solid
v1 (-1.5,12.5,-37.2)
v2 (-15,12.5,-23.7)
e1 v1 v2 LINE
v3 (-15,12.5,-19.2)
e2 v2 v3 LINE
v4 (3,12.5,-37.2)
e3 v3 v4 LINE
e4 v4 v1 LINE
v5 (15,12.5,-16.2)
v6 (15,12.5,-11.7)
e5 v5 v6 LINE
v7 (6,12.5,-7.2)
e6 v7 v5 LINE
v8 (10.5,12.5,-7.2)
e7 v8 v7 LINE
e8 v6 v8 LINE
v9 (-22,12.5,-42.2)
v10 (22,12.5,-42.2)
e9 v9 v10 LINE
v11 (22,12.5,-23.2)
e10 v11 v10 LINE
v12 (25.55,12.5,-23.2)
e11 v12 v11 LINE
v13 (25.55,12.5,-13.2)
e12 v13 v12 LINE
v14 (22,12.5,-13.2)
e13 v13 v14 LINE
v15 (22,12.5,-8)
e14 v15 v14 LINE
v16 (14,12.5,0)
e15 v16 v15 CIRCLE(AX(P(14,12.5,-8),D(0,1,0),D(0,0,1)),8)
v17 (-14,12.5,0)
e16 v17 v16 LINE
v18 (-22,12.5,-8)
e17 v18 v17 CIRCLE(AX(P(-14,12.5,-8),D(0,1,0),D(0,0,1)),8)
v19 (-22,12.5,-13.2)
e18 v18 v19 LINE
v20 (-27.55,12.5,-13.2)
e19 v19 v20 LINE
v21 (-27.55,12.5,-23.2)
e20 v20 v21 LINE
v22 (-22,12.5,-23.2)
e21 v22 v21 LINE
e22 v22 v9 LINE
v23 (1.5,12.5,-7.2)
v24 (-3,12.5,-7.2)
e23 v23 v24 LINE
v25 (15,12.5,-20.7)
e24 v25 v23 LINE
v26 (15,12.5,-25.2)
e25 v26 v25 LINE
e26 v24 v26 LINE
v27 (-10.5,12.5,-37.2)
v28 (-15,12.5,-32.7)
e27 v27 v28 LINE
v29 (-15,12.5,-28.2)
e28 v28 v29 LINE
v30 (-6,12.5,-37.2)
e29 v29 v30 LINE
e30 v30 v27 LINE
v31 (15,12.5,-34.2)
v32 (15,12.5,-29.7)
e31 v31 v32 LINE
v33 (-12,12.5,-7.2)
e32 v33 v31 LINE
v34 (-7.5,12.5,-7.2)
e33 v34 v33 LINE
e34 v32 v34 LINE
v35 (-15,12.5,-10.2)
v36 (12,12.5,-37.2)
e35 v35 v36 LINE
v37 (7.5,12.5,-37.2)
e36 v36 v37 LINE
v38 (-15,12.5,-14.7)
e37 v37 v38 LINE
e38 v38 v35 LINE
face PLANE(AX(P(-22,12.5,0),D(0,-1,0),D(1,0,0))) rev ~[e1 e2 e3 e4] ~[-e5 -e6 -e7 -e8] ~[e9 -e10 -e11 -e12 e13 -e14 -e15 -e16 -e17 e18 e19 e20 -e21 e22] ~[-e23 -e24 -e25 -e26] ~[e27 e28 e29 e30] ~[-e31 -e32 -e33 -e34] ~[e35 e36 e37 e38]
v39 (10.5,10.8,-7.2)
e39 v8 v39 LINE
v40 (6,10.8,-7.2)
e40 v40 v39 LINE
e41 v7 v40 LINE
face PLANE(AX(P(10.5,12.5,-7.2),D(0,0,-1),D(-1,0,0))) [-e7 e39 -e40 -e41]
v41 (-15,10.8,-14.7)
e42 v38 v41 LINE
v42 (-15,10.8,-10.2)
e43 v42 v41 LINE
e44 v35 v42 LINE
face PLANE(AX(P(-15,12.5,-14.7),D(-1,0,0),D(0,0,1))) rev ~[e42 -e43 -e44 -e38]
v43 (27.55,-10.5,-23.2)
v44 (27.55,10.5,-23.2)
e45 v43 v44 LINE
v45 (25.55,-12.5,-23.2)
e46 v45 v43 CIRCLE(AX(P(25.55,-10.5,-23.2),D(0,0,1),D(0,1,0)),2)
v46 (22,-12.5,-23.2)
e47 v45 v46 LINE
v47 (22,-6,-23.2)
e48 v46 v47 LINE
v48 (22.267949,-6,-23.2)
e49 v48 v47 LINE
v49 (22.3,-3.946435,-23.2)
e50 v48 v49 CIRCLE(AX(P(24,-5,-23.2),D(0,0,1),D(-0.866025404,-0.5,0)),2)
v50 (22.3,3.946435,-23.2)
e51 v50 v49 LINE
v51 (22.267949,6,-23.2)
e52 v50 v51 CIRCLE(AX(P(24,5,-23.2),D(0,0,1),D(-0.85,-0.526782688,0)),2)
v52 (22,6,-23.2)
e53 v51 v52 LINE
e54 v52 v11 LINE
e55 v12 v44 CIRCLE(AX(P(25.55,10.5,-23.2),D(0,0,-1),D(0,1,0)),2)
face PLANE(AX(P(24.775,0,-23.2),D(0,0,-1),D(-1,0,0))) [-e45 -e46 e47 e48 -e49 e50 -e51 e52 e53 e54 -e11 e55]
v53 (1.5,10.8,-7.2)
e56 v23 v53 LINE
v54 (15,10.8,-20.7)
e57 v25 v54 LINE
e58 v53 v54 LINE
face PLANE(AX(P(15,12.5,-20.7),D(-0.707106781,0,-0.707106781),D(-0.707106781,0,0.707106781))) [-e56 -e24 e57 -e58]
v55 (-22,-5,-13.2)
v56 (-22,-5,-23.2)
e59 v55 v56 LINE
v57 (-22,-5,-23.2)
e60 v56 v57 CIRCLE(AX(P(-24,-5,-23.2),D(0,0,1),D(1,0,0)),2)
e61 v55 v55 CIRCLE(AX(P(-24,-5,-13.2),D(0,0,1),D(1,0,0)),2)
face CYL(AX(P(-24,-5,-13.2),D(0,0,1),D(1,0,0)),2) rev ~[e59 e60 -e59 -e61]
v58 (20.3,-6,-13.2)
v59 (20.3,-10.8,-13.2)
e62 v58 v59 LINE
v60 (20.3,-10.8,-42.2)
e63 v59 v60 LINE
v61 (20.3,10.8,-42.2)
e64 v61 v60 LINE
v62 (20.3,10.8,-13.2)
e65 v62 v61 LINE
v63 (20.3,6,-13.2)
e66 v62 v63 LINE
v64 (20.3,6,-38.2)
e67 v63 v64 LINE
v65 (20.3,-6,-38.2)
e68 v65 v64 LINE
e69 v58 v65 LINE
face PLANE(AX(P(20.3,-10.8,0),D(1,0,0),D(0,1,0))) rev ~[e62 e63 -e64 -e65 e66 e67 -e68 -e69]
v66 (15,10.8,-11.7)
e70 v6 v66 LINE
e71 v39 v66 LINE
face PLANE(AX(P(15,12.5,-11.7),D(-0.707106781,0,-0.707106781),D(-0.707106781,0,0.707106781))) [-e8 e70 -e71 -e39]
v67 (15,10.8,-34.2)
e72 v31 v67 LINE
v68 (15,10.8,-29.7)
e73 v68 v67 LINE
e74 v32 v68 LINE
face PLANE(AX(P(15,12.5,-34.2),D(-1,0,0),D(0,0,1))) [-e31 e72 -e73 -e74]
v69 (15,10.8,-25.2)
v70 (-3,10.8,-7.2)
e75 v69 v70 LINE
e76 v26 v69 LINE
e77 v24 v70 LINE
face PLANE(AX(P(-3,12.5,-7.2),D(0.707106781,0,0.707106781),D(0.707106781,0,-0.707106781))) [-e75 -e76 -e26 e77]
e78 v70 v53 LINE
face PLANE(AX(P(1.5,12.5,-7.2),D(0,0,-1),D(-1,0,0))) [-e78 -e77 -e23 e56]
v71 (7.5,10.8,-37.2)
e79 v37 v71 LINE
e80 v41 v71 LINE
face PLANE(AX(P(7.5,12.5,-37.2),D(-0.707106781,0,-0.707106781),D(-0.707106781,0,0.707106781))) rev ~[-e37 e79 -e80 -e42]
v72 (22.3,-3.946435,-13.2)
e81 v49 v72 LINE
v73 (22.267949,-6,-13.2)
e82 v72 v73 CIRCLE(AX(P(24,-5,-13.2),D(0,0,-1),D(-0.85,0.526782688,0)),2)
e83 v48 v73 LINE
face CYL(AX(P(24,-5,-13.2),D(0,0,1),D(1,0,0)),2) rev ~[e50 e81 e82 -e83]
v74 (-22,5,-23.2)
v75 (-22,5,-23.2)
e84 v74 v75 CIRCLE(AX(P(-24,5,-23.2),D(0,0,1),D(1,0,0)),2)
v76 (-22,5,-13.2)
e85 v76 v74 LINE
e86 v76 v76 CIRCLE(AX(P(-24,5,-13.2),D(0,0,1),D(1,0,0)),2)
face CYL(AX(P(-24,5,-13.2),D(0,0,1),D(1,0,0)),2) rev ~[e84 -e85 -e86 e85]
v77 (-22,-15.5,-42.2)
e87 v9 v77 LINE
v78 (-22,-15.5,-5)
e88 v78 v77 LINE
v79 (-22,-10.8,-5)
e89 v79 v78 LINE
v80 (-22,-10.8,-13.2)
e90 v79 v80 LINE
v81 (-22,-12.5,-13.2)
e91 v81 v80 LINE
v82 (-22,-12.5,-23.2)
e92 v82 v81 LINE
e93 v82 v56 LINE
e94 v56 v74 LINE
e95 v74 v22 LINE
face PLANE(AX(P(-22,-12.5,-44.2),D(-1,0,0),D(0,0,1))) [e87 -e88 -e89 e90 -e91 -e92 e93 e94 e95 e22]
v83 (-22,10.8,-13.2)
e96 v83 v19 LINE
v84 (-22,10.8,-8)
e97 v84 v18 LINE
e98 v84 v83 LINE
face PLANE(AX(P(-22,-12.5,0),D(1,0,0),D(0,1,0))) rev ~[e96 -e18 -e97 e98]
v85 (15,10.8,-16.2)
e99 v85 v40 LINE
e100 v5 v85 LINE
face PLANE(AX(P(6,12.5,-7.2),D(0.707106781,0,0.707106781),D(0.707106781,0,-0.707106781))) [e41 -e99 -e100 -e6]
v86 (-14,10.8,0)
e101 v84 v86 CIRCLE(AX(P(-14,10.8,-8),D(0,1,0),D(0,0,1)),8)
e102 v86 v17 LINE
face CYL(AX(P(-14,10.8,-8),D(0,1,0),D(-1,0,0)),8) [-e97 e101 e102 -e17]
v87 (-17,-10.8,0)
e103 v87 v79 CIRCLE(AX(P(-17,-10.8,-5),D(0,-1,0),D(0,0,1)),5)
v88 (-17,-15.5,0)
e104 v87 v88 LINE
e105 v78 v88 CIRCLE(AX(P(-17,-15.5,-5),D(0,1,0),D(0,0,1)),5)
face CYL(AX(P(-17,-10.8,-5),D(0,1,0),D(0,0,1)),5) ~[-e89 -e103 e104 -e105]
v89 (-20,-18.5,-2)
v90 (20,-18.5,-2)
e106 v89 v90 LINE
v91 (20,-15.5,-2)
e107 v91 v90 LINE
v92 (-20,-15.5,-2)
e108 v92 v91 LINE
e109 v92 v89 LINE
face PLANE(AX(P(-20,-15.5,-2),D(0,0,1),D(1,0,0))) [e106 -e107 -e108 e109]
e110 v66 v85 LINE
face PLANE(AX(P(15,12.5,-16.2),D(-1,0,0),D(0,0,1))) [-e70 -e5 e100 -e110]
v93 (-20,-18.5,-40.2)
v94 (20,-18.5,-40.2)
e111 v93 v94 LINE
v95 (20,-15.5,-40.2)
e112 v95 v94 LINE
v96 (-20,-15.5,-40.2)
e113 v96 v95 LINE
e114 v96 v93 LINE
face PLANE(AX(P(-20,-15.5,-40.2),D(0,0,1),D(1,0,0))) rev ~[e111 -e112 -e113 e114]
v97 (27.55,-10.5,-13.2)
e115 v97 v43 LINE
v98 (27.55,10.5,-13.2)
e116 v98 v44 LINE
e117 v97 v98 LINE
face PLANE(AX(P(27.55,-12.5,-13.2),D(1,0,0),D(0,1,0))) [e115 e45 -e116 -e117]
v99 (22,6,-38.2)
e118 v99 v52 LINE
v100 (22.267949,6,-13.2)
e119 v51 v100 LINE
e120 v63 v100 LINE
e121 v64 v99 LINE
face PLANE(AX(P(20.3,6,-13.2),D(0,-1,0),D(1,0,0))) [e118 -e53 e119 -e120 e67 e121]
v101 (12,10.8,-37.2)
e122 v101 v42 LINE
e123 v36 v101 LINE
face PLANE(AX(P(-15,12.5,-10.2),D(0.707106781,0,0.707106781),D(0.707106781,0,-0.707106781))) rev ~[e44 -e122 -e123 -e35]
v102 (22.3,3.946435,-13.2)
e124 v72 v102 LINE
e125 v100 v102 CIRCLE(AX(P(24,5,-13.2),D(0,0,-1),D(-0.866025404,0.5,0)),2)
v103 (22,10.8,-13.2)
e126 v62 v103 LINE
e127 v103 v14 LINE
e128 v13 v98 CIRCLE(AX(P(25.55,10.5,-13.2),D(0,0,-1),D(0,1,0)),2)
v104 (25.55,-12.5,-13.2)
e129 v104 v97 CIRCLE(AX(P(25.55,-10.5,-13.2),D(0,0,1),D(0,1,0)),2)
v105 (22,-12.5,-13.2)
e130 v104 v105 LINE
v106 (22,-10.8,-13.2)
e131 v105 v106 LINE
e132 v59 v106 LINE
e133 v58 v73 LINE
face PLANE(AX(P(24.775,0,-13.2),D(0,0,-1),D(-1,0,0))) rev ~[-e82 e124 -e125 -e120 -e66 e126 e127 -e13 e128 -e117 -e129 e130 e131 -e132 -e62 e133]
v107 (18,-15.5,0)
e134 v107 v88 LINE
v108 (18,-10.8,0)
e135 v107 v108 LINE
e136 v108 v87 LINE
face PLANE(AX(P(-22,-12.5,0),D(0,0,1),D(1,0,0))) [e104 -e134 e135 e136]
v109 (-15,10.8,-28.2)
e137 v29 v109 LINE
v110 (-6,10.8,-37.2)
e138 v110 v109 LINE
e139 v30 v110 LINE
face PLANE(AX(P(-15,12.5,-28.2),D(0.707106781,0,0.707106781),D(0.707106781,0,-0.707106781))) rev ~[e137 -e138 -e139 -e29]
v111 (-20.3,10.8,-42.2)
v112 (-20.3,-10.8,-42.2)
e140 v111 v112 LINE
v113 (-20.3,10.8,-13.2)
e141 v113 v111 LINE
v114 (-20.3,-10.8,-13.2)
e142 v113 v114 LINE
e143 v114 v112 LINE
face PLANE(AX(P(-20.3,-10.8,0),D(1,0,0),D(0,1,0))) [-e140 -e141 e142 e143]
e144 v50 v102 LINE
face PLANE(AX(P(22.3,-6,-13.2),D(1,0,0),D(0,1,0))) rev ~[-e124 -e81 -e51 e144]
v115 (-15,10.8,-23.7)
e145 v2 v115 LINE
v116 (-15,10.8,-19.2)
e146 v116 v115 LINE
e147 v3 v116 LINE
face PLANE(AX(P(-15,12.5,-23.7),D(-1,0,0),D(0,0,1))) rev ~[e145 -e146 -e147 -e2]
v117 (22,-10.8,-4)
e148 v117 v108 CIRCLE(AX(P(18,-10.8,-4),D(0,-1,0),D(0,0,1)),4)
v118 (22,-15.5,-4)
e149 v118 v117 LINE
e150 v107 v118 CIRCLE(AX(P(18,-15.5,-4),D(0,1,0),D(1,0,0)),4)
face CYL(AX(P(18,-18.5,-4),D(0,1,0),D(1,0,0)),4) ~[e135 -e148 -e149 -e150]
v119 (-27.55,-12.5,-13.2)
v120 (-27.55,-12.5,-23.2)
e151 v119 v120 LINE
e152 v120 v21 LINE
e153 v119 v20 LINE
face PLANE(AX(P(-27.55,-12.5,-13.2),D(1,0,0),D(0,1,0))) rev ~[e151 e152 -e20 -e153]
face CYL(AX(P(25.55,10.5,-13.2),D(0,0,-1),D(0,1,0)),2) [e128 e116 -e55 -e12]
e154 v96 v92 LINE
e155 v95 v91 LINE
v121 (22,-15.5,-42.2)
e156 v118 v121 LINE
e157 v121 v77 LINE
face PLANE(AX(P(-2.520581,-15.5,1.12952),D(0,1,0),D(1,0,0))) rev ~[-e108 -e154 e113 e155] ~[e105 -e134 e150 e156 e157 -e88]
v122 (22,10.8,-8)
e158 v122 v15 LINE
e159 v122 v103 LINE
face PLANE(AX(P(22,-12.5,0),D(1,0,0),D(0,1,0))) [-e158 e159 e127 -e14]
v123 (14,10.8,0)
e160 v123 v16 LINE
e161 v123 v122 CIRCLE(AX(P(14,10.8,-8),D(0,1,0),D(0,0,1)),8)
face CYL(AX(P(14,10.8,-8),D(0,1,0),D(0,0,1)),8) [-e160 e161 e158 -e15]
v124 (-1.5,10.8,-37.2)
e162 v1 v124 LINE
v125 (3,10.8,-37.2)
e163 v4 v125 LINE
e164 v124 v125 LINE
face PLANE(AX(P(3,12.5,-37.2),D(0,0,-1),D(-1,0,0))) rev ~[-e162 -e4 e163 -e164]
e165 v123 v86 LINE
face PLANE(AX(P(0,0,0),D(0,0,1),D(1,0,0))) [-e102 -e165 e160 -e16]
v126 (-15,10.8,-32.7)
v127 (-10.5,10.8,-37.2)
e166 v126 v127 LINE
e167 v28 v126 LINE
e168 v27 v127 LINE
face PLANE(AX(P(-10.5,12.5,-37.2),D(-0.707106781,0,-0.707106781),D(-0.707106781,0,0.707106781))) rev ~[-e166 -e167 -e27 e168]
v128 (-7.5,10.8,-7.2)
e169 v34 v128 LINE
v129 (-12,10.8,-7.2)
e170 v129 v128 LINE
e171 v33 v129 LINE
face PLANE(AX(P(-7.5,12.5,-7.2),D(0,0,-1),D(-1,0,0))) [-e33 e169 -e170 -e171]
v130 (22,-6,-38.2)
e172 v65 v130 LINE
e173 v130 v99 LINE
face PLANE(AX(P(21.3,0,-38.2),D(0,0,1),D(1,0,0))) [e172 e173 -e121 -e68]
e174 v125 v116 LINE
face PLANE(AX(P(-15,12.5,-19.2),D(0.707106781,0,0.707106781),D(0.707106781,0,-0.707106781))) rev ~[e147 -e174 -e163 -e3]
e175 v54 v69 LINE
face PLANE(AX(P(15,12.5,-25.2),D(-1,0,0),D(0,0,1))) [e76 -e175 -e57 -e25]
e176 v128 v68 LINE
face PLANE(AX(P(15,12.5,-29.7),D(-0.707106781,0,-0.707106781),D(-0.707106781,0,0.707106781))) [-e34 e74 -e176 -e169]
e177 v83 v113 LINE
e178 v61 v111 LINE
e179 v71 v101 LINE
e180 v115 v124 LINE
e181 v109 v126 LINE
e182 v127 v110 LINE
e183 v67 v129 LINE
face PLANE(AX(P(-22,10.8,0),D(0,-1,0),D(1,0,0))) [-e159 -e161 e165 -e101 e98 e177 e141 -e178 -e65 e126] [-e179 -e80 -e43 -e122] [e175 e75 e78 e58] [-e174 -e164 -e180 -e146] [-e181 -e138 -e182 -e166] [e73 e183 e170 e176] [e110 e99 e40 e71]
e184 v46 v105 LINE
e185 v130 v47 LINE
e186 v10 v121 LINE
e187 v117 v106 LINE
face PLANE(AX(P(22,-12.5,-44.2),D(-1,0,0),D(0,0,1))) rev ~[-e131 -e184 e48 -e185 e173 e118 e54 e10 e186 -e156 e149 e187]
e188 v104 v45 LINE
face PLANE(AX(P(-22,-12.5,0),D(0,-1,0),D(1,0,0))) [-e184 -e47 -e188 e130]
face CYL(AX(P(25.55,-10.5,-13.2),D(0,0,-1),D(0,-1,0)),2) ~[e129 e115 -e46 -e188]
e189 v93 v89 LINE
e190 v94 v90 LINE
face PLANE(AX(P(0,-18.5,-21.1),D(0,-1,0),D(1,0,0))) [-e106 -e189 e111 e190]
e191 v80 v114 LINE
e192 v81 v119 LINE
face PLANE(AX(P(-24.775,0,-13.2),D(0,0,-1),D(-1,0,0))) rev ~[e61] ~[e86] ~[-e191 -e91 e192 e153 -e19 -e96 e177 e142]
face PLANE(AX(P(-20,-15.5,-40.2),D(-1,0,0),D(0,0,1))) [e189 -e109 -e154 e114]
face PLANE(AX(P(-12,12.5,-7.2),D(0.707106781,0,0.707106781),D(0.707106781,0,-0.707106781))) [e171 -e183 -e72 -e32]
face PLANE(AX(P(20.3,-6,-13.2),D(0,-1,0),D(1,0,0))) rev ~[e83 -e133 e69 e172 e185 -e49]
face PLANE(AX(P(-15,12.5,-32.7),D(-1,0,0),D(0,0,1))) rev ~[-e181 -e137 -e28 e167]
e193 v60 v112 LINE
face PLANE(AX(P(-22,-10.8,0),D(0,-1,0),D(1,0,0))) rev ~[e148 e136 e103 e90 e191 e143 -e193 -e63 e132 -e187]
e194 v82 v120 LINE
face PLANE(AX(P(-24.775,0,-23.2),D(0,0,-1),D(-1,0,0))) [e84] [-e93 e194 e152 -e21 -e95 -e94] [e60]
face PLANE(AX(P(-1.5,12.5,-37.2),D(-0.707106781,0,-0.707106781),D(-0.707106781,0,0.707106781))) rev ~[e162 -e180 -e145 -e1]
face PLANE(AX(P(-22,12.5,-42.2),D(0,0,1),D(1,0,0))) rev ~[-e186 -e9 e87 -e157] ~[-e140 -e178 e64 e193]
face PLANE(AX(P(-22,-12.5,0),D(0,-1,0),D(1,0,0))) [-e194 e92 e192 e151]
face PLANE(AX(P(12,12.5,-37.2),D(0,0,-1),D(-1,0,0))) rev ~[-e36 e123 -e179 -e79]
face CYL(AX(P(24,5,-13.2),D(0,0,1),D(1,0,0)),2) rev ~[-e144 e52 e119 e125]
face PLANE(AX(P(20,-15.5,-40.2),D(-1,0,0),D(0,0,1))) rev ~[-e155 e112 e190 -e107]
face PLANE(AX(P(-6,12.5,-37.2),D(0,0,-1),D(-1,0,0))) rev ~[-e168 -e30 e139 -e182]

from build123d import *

# Parameters (mm, degrees)
SKETCH_1_W           = 44
SKETCH_1_H           = 25
SKETCH_1_W_2         = 40.6
SKETCH_1_H_2         = 21.6
EXTRUDE_1_DEPTH      = 44.2
SKETCH_2_W           = 5.55
SKETCH_2_H           = 25
EXTRUDE_2_DEPTH      = 10
SKETCH_3_W           = 44
SKETCH_3_H           = 21.6
CUT_EXTRUDE_1_DEPTH  = 13.2
SKETCH_4_R           = 2
CUT_EXTRUDE_2_DEPTH  = 10
FILLET_1_R           = 2
SKETCH_5_W           = 44
SKETCH_5_H           = 44.2
EXTRUDE_3_DEPTH      = 6
SKETCH_9_R           = 1
EXTRUDE_4_DEPTH      = 2
EXTRUDE_5_DEPTH      = 1.5
SKETCH_12_R          = 35.05
SKETCH_12_R_2        = 32.9
CUT_EXTRUDE_6_DEPTH  = 1
SKETCH_13_R          = 1.5
CUT_EXTRUDE_7_DEPTH  = 30
SKETCH_14_W          = 2
SKETCH_14_H          = 12
CUT_EXTRUDE_8_DEPTH  = 25
FILLET_2_R           = 8
SKETCH_16_R          = 7.216878365
CUT_EXTRUDE_10_DEPTH = 10
FILLET_3_R           = 4
CUT_EXTRUDE_11_REACH = 107.631
SKETCH_17_W          = 44
SKETCH_17_H          = 2
SKETCH_21_W          = 227.693891034
SKETCH_21_H          = 191.913422443
CUT_EXTRUDE_15_DEPTH = 16
CUT_EXTRUDE_17_DEPTH = 10
SKETCH_31_W          = 40
SKETCH_31_H          = 38.2
EXTRUDE_10_DEPTH     = 3
CUT_EXTRUDE_18_DEPTH = 2


with BuildPart() as part:
    # 草图1 → 凸台-拉伸1 (new body)
    with BuildSketch(Plane.XY):
        Rectangle(SKETCH_1_W, SKETCH_1_H)
        Rectangle(SKETCH_1_W_2, SKETCH_1_H_2, mode=Mode.SUBTRACT)
    extrude(amount=-EXTRUDE_1_DEPTH)

    # 草图2 → 凸台-拉伸2 (add)
    with BuildSketch(Plane(origin=(0, 0, -13.2), x_dir=(-1, 0, 0), z_dir=(0, 0, -1))):
        with Locations((-24.775, 0)):
            Rectangle(SKETCH_2_W, SKETCH_2_H)
        with Locations((24.775, 0)):
            Rectangle(SKETCH_2_W, SKETCH_2_H)
    extrude(amount=EXTRUDE_2_DEPTH)

    # 草图3 → 切除-拉伸1 (cut)
    with BuildSketch(Plane.XY):
        Rectangle(SKETCH_3_W, SKETCH_3_H)
    extrude(amount=-CUT_EXTRUDE_1_DEPTH, mode=Mode.SUBTRACT)

    # 草图4 → 切除-拉伸2 (cut)
    with BuildSketch(Plane.XY.offset(-13.2)):
        with Locations((24, 5)):
            Circle(SKETCH_4_R)
        with Locations((24, -5)):
            Circle(SKETCH_4_R)
        with Locations((-24, 5)):
            Circle(SKETCH_4_R)
        with Locations((-24, -5)):
            Circle(SKETCH_4_R)
    extrude(amount=-CUT_EXTRUDE_2_DEPTH, mode=Mode.SUBTRACT)

    # 圆角1
    fillet_1_edges = [part.edges().sort_by_distance(p)[0] for p in [
        (27.55, 12.5, -18.2),
        (27.55, -12.5, -18.2),
    ]]
    fillet(fillet_1_edges, radius=FILLET_1_R)

    # 草图5 → 凸台-拉伸3 (add)
    with BuildSketch(Plane.XZ.offset(12.5)):
        with Locations((0, -22.1)):
            Rectangle(SKETCH_5_W, SKETCH_5_H)
    extrude(amount=EXTRUDE_3_DEPTH)

    # 草图9 → 凸台-拉伸4 (add)
    with BuildSketch(Plane.XZ.offset(18.5)):
        Polygon((-46.27864045, -52.2), (33.72135955, -52.2), (58.4427191, 23.884521304), (-6.27864045, 70.907341487), (-71, 23.884521304), align=None)
        with Locations(Location((-6.27864045, 2.855276819, 0), (0, 0, 270))):
            Circle(SKETCH_9_R, mode=Mode.SUBTRACT)
    extrude(amount=EXTRUDE_4_DEPTH)

    # 草图10 → 凸台-拉伸5 (add)
    with BuildSketch(Plane(origin=(0, -18.5, 0), x_dir=(1, 0, 0), z_dir=(0, 1, 0))):
        Polygon((-64.534362225, -21.783708242), (-6.27864045, -64.108967611), (51.977081325, -21.783708242), (29.725375646, 46.7), (-42.282656546, 46.7), align=None)
        Polygon((-62.183221216, -21.019776219), (-6.27864045, -61.636831656), (49.625940316, -21.019776219), (28.27229059, 44.7), (-40.82957149, 44.7), align=None, mode=Mode.SUBTRACT)
    extrude(amount=EXTRUDE_5_DEPTH)

    # 草图12 → 切除-拉伸6 (cut)
    with BuildSketch(Plane.XZ.offset(20.5)):
        with Locations(Location((-6.27864045, 2.855276819, 0), (0, 0, 270))):
            Circle(SKETCH_12_R)
        with Locations(Location((-6.27864045, 2.855276819, 0), (0, 0, 270))):
            Circle(SKETCH_12_R_2, mode=Mode.SUBTRACT)
    extrude(amount=-CUT_EXTRUDE_6_DEPTH, mode=Mode.SUBTRACT)

    # 草图13 → 切除-拉伸7 (cut)
    with BuildSketch(Plane.XZ.offset(20.5)):
        with Locations(Location((-6.27864045, 65.855276819, 0), (0, 0, 270))):
            Circle(SKETCH_13_R)
        with Locations(Location((53.637920077, 22.323347464, 0), (0, 0, 270))):
            Circle(SKETCH_13_R)
        with Locations(Location((30.751830444, -48.112793827, 0), (0, 0, 270))):
            Circle(SKETCH_13_R)
        with Locations(Location((-43.309111344, -48.112793827, 0), (0, 0, 270))):
            Circle(SKETCH_13_R)
        with Locations(Location((-66.195200977, 22.323347464, 0), (0, 0, 270))):
            Circle(SKETCH_13_R)
    extrude(amount=-CUT_EXTRUDE_7_DEPTH, mode=Mode.SUBTRACT)

    # 草图14 → 切除-拉伸8 (cut)
    with BuildSketch(Plane.XY.offset(-13.2)):
        with Locations((21.3, 0)):
            Rectangle(SKETCH_14_W, SKETCH_14_H)
    extrude(amount=-CUT_EXTRUDE_8_DEPTH, mode=Mode.SUBTRACT)

    # 圆角2
    fillet_2_edges = [part.edges().sort_by_distance(p)[0] for p in [
        (-22, 11.65, 0),
        (22, 11.65, 0),
    ]]
    fillet(fillet_2_edges, radius=FILLET_2_R)

    # 草图16 → 切除-拉伸10 (cut)
    with BuildSketch(Plane(origin=(0, -18.5, 0), x_dir=(1, 0, 0), z_dir=(0, 1, 0))):
        with Locations(Location((-14.634879376, -12.813854579, 0), (0, 0, 270))):
            Circle(SKETCH_16_R)
    extrude(amount=-CUT_EXTRUDE_10_DEPTH, mode=Mode.SUBTRACT)

    # 圆角3
    fillet_3_edges = [part.edges().sort_by_distance(p)[0] for p in [
        (-22, -14.65, 0),
        (22, -14.65, 0),
    ]]
    fillet(fillet_3_edges, radius=FILLET_3_R)

    # 切除-拉伸11: up to this face of the body (flat: up to its plane)
    cut_extrude_11_end = Plane(part.part.faces().sort_by_distance((23.543010381, -18.5, -24.1))[0])
    # 草图17 → 切除-拉伸11 (cut, up to the picked face)
    with BuildSketch(Plane(origin=(0, 12.5, 0), x_dir=(1, 0, 0), z_dir=(0, 1, 0)), mode=Mode.PRIVATE) as cut_extrude_11_sk1:
        with Locations((0, 43.2)):
            Rectangle(SKETCH_17_W, SKETCH_17_H)
    cut_extrude_11_tool1 = split(extrude(cut_extrude_11_sk1.sketch, amount=-CUT_EXTRUDE_11_REACH, mode=Mode.PRIVATE), bisect_by=cut_extrude_11_end, keep=Keep.BOTH, mode=Mode.PRIVATE)
    add(cut_extrude_11_tool1.solids().sort_by(Axis((0, 12.5, -43.2), (0, -1, 0)))[0], mode=Mode.SUBTRACT)

    # 草图21 → 切除-拉伸15 (cut)
    with BuildSketch(Plane(origin=(0, -15.5, 0), x_dir=(1, 0, 0), z_dir=(0, 1, 0))):
        with Locations((-2.520580865, -1.129519683)):
            Rectangle(SKETCH_21_W, SKETCH_21_H)
    extrude(amount=-CUT_EXTRUDE_15_DEPTH, mode=Mode.SUBTRACT)

    # 草图25 → 切除-拉伸17 (cut)
    with BuildSketch(Plane(origin=(0, -10.8, 0), x_dir=(1, 0, 0), z_dir=(0, 1, 0))):
        with BuildLine():
            Line((-22, 5), (-22, 0))
            Line((-22, 0), (-17, 0))
            ThreePointArc((-17, 0), (-20.535533906, 1.464466094), (-22, 5))
        make_face()
    extrude(amount=-CUT_EXTRUDE_17_DEPTH, mode=Mode.SUBTRACT)

    # 草图31 → 凸台-拉伸10 (add)
    with BuildSketch(Plane.XZ.offset(15.5)):
        with Locations((0, -21.1)):
            Rectangle(SKETCH_31_W, SKETCH_31_H)
    extrude(amount=EXTRUDE_10_DEPTH)

    # 草图32 → 切除-拉伸18 (cut)
    with BuildSketch(Plane(origin=(0, 12.5, 0), x_dir=(1, 0, 0), z_dir=(0, 1, 0))):
        Polygon((-10.5, 37.2), (-15, 32.7), (-15, 28.2), (-6, 37.2), align=None)
        Polygon((-1.5, 37.2), (-15, 23.7), (-15, 19.2), (3, 37.2), align=None)
        Polygon((7.5, 37.2), (-15, 14.7), (-15, 10.2), (12, 37.2), align=None)
        Polygon((-7.5, 7.2), (-12, 7.2), (15, 34.2), (15, 29.7), align=None)
        Polygon((1.5, 7.2), (-3, 7.2), (15, 25.2), (15, 20.7), align=None)
        Polygon((15, 16.2), (15, 11.7), (10.5, 7.2), (6, 7.2), align=None)
    extrude(amount=-CUT_EXTRUDE_18_DEPTH, mode=Mode.SUBTRACT)


solid = part.part
